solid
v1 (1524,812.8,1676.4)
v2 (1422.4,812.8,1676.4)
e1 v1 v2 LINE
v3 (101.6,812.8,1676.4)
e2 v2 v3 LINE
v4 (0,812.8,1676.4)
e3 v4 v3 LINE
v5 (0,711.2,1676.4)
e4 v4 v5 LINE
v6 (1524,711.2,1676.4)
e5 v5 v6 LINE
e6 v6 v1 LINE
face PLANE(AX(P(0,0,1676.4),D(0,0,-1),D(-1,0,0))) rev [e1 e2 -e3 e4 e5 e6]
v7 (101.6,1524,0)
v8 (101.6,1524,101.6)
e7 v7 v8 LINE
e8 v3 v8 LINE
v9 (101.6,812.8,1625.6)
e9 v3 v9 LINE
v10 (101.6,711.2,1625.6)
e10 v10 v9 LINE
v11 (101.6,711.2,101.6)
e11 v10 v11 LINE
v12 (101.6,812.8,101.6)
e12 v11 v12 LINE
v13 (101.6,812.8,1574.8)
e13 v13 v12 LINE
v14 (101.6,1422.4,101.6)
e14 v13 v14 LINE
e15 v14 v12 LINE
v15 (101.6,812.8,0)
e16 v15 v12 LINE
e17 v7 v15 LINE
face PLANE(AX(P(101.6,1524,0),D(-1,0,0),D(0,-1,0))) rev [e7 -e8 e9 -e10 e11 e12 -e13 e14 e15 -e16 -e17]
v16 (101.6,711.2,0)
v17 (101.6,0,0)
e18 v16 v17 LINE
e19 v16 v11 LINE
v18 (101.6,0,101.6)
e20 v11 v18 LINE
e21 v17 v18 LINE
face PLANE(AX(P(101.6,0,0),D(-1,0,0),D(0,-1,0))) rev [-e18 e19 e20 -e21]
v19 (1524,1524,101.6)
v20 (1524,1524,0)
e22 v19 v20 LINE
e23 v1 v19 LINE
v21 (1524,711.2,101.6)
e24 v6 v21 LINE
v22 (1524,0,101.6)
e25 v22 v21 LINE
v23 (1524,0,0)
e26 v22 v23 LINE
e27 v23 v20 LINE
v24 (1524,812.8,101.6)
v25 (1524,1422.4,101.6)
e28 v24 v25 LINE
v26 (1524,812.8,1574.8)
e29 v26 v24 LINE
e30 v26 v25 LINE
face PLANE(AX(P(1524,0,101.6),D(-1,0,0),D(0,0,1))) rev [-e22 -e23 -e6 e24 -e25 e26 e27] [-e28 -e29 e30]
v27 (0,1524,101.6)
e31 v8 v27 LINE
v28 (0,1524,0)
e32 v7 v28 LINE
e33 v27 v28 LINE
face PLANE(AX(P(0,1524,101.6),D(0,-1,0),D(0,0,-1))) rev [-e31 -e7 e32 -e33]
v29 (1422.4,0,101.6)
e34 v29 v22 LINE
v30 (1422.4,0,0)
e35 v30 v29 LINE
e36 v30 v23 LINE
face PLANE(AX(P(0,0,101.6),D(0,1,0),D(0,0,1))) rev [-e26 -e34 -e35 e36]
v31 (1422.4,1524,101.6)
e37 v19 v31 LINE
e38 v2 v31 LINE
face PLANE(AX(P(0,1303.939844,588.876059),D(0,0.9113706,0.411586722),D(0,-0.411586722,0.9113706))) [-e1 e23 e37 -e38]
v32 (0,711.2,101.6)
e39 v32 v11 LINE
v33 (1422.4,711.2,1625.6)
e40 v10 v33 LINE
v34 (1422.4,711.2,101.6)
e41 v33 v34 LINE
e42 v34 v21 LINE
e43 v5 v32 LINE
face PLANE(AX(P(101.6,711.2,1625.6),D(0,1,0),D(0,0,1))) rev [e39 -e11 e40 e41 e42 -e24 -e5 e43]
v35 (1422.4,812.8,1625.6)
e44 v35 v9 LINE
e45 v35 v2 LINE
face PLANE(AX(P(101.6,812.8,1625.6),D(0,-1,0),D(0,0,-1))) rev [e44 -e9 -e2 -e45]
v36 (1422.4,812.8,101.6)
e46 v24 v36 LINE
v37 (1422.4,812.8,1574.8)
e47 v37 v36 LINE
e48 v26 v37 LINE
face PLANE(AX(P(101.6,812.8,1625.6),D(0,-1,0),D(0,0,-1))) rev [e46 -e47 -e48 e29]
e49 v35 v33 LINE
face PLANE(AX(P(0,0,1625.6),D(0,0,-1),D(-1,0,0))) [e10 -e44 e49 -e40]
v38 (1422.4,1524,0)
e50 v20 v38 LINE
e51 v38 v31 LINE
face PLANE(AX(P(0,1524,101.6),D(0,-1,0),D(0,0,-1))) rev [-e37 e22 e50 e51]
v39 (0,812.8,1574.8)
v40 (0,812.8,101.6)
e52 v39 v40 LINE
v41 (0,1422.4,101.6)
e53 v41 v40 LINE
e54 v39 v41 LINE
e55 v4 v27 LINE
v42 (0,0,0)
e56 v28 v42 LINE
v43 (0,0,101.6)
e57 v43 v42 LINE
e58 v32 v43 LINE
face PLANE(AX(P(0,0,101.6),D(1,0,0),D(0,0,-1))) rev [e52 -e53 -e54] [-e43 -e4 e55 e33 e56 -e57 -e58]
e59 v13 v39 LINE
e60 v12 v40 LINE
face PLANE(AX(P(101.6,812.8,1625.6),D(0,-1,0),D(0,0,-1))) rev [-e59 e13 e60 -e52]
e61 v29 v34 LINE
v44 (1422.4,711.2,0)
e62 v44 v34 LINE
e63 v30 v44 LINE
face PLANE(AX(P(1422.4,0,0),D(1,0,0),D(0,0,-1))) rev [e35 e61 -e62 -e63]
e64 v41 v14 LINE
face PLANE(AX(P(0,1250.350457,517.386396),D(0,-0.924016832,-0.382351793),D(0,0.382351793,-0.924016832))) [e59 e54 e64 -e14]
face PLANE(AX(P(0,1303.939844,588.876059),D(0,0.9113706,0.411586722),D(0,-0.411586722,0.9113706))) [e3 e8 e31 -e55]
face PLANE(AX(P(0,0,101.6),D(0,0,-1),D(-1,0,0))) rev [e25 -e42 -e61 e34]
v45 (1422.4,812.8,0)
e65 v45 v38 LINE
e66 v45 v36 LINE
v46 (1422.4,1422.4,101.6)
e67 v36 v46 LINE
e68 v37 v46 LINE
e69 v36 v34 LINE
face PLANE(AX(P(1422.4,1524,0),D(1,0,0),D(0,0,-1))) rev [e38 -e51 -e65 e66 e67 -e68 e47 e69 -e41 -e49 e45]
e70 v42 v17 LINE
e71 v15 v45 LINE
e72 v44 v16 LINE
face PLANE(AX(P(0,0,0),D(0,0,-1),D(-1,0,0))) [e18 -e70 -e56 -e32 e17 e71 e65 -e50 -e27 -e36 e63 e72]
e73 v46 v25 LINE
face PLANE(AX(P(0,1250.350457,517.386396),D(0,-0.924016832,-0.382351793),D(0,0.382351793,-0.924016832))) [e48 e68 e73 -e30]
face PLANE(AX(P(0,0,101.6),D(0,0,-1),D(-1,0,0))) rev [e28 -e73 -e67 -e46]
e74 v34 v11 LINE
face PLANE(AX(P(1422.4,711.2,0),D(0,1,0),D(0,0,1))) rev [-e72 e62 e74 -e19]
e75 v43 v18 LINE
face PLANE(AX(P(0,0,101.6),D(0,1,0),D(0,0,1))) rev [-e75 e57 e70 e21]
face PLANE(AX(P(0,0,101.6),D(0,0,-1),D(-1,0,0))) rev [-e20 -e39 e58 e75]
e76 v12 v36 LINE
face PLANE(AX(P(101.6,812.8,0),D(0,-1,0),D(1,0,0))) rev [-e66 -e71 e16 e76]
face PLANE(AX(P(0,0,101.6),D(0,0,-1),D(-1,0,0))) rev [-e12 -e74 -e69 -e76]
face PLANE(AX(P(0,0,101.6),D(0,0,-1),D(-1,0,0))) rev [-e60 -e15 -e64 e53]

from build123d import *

# Parameters (mm, degrees)
SKETCH1_W           = 1524
SKETCH1_H           = 1524
BOSS_EXTRUDE1_DEPTH = 101.6
SKETCH2_W           = 1320.8
SKETCH2_H           = 711.2
CUT_EXTRUDE1_DEPTH  = 2158.65487509
SKETCH3_W           = 101.6
SKETCH3_H           = 101.6
BOSS_EXTRUDE2_DEPTH = 1524
SKETCH4_W           = 1524
SKETCH4_H           = 101.6
BOSS_EXTRUDE3_DEPTH = 50.8


with BuildPart() as part:
    # Sketch1 → Boss-Extrude1 (new body)
    with BuildSketch(Plane.XY):
        with Locations((762, 762)):
            Rectangle(SKETCH1_W, SKETCH1_H)
    extrude(amount=BOSS_EXTRUDE1_DEPTH)

    # Sketch2 → Cut-Extrude1 (cut, through all)
    with BuildSketch(Plane.XY.offset(101.6)):
        with Locations((762, 1168.4)):
            Rectangle(SKETCH2_W, SKETCH2_H)
        with Locations((762, 355.6)):
            Rectangle(SKETCH2_W, SKETCH2_H)
    extrude(amount=-CUT_EXTRUDE1_DEPTH, mode=Mode.SUBTRACT)

    # Sketch3 → Boss-Extrude2 (add)
    with BuildSketch(Plane.XY.offset(101.6)):
        with Locations((50.8, 762)):
            Rectangle(SKETCH3_W, SKETCH3_H)
        with Locations((1473.2, 762)):
            Rectangle(SKETCH3_W, SKETCH3_H)
    extrude(amount=BOSS_EXTRUDE2_DEPTH)

    # Sketch4 → Boss-Extrude3 (add)
    with BuildSketch(Plane.XY.offset(1625.6)):
        with Locations((762, 762)):
            Rectangle(SKETCH4_W, SKETCH4_H)
    extrude(amount=BOSS_EXTRUDE3_DEPTH)

    # Sketch6 → Loft1 section 0
    with BuildSketch(Plane(origin=(0, 812.8, 0), x_dir=(1, 0, 0), z_dir=(0, 1, 0))):
        with BuildLine():
            Line((1524, -1676.4), (1422.4, -1676.4))
            Line((1422.4, -1676.4), (1422.4, -1574.8))
            Line((1422.4, -1574.8), (1524, -1574.8))
            Line((1524, -1574.8), (1524, -1676.4))
        make_face()
    # Sketch5 → Loft1 section 1
    with BuildSketch(Plane.XY.offset(101.6)):
        with BuildLine():
            Line((1422.4, 1524), (1524, 1524))
            Line((1524, 1524), (1524, 1422.4))
            Line((1524, 1422.4), (1422.4, 1422.4))
            Line((1422.4, 1422.4), (1422.4, 1524))
        make_face()
    loft()

    # Sketch14 → Loft2 section 0
    with BuildSketch(Plane(origin=(0, 812.8, 0), x_dir=(1, 0, 0), z_dir=(0, 1, 0))):
        with BuildLine():
            Line((0, -1676.4), (101.6, -1676.4))
            Line((101.6, -1676.4), (101.6, -1574.8))
            Line((101.6, -1574.8), (0, -1574.8))
            Line((0, -1574.8), (0, -1676.4))
        make_face()
    # Sketch13 → Loft2 section 1
    with BuildSketch(Plane.XY.offset(101.6)):
        with BuildLine():
            Line((0, 1524), (101.6, 1524))
            Line((101.6, 1524), (101.6, 1422.4))
            Line((101.6, 1422.4), (0, 1422.4))
            Line((0, 1422.4), (0, 1524))
        make_face()
    loft()


solid = part.part
